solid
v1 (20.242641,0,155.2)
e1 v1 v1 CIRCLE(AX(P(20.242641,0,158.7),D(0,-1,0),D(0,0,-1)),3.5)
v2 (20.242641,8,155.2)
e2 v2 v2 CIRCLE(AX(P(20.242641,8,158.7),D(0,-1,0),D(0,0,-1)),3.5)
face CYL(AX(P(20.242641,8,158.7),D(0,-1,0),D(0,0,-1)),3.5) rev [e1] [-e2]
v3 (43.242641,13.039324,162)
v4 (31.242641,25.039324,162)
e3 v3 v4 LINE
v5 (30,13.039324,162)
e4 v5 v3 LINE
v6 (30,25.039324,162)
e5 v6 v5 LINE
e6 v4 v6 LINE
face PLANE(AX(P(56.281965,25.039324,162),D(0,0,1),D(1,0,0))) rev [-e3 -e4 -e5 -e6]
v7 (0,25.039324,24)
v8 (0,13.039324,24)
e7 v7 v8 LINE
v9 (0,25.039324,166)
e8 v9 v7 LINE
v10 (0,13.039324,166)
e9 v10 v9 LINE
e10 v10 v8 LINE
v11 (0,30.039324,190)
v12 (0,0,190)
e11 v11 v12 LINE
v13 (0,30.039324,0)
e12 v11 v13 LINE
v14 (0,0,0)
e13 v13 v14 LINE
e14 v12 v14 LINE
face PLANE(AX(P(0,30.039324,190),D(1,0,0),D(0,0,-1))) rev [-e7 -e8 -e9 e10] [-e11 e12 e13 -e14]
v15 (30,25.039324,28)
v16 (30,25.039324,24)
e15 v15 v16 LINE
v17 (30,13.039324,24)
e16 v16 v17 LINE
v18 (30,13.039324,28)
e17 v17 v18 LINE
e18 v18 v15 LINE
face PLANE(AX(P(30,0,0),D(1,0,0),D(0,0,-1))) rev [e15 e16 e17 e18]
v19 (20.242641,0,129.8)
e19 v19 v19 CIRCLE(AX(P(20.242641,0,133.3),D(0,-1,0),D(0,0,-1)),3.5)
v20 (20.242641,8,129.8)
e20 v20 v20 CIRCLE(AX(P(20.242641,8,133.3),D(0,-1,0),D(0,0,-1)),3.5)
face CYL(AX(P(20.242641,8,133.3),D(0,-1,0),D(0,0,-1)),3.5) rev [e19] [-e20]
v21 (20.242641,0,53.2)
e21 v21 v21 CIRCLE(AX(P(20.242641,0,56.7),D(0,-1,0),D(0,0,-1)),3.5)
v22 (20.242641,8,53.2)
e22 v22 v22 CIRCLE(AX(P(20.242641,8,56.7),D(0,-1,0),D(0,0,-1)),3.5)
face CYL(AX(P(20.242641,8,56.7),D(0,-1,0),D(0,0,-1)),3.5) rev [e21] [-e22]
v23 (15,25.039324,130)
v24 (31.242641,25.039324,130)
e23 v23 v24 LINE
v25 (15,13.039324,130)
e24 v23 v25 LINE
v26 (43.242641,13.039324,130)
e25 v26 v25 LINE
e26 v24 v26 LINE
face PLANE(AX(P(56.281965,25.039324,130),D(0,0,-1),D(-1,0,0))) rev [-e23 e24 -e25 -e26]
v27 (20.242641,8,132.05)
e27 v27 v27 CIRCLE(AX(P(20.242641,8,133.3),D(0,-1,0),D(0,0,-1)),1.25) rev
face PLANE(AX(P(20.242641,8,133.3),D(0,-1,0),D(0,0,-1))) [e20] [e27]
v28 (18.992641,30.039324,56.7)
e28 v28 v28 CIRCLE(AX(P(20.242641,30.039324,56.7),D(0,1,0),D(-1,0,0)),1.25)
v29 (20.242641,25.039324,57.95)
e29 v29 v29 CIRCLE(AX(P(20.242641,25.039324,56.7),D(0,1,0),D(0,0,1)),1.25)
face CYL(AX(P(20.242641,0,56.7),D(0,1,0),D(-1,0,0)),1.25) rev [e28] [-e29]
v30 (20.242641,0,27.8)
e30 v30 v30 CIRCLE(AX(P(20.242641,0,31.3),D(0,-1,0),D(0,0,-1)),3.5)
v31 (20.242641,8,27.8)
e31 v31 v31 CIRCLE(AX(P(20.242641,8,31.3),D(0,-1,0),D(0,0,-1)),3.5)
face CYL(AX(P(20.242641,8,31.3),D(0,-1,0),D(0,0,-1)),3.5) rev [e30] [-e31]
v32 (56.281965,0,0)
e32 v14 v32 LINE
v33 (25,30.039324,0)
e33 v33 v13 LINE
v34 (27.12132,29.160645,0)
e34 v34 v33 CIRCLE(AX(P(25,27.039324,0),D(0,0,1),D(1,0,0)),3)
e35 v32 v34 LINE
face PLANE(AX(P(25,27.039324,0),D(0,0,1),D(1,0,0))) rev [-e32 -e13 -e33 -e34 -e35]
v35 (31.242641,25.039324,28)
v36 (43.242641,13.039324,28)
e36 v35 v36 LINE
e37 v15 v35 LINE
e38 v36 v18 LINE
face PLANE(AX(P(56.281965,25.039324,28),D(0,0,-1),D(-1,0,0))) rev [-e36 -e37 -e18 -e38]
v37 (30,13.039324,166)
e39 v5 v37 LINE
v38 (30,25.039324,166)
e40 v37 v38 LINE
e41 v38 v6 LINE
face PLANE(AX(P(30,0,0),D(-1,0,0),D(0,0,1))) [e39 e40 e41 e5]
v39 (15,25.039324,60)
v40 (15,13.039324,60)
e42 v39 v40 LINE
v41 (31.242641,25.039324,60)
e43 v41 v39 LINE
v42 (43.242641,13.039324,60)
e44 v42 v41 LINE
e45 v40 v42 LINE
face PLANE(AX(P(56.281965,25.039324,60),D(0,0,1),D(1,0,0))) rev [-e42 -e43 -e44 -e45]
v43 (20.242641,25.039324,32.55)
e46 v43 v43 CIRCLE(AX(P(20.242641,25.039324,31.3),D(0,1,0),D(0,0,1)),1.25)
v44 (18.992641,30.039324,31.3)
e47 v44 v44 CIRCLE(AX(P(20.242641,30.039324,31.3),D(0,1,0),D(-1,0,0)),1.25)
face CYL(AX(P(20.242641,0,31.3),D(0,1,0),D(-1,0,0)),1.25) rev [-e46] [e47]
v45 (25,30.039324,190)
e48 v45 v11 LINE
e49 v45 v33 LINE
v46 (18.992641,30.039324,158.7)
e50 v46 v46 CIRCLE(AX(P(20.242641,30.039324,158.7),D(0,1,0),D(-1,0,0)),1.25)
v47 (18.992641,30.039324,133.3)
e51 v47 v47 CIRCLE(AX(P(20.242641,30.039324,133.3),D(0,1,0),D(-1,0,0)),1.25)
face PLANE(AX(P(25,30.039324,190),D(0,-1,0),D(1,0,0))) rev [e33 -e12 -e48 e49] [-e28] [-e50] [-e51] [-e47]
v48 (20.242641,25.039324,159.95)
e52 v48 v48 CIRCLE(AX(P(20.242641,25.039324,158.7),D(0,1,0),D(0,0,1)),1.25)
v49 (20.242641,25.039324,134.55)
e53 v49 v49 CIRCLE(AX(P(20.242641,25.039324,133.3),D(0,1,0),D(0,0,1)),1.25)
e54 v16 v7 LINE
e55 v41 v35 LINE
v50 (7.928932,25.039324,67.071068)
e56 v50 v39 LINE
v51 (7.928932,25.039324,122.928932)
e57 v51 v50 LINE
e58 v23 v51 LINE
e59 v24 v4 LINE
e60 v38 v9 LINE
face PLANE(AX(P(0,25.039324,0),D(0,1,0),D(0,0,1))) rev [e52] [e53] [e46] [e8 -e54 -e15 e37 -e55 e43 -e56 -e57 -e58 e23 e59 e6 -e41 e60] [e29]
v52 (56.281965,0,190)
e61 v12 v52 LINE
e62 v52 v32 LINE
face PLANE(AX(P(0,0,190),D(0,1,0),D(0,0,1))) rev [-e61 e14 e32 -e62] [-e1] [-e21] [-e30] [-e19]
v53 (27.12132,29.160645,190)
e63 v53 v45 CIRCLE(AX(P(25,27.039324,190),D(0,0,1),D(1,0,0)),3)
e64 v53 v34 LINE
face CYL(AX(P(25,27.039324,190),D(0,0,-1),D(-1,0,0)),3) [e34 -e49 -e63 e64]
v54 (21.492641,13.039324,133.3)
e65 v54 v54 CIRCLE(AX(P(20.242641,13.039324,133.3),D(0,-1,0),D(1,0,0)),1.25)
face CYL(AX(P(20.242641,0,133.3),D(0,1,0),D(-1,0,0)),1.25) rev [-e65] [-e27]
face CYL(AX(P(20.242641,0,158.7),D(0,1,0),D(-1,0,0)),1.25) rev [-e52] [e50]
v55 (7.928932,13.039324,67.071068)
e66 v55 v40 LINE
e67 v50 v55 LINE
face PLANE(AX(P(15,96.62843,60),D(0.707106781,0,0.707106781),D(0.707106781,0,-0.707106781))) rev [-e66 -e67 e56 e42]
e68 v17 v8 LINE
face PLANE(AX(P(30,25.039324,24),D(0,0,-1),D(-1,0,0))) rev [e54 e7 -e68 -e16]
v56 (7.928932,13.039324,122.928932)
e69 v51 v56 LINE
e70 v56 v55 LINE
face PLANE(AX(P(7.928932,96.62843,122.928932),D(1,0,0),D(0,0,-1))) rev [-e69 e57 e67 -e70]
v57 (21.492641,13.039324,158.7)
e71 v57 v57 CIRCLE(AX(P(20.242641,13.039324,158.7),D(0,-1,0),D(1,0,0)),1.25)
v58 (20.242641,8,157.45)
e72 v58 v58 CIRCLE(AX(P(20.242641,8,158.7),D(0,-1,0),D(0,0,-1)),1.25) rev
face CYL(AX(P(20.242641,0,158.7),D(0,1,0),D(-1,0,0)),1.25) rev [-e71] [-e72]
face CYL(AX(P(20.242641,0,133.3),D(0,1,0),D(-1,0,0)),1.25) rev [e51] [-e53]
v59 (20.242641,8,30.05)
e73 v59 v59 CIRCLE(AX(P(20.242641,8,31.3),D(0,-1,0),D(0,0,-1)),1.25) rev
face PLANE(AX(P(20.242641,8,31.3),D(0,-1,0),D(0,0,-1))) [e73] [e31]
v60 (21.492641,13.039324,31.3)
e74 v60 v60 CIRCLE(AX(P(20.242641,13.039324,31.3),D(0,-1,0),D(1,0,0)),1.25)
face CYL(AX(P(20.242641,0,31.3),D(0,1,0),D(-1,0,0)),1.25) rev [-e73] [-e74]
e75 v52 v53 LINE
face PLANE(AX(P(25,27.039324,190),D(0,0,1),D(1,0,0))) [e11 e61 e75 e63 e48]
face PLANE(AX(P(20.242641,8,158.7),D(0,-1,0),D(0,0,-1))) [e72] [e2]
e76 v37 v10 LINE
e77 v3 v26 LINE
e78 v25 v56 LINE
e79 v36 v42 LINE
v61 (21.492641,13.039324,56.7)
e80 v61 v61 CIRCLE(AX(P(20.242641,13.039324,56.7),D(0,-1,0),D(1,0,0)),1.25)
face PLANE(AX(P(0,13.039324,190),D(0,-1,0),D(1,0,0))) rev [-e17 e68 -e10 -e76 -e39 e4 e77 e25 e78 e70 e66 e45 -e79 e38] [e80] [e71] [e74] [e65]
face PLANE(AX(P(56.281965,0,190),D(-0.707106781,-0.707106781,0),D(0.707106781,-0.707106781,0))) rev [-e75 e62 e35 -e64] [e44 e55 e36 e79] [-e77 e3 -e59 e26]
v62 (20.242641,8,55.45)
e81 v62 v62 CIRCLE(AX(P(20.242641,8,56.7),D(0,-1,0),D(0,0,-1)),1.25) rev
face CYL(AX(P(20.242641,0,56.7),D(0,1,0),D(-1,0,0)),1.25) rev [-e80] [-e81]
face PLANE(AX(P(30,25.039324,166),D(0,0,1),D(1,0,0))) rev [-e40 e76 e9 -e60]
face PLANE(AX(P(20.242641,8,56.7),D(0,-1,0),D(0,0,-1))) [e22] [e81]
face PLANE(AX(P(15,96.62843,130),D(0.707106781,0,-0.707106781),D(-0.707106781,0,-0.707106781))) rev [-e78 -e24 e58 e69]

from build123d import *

# Parameters (mm, degrees)
SALIENTE_EXTRUIR1_DEPTH    = 190
CROQUIS3_W                 = 56.281965067
CROQUIS3_H                 = 32
CORTAR_EXTRUIR1_DEPTH      = 25.039324
CORTAR_EXTRUIR3_DEPTH      = 25.039324
SALIENTE_EXTRUIR2_REACH    = 62
SALIENTE_EXTRUIR3_REACH    = 132
CROQUIS7_W                 = 4
CROQUIS7_H                 = 12
CORTAR_EXTRUIR6_DEPTH      = 30
CROQUIS8_R                 = 1.25
CORTAR_EXTRUIR7_DEPTH      = 18
CORTAR_EXTRUIR7_DEPTH_BACK = 14.03932438
CROQUIS9_R                 = 3.5
CORTAR_EXTRUIR8_DEPTH      = 8


with BuildPart() as part:
    # Croquis1 → Saliente-Extruir1 (new body)
    with BuildSketch(Plane.XY):
        with BuildLine():
            Line((56.281965067, 0), (27.121320344, 29.160644724))
            ThreePointArc((27.121320344, 29.160644724), (26.148050297, 29.810962978), (25, 30.03932438))
            Line((25, 30.03932438), (0, 30.03932438))
            Line((0, 30.03932438), (0, 0))
            Line((0, 0), (56.281965067, 0))
        make_face()
    extrude(amount=SALIENTE_EXTRUIR1_DEPTH)

    # Croquis3 → Cortar-Extruir1 (cut)
    with BuildSketch(Plane.XZ):
        with Locations((28.140982534, 146)):
            Rectangle(CROQUIS3_W, CROQUIS3_H)
        with Locations((28.140982534, 44)):
            Rectangle(CROQUIS3_W, CROQUIS3_H)
    extrude(amount=-CORTAR_EXTRUIR1_DEPTH, mode=Mode.SUBTRACT)

    # Croquis4 → Cortar-Extruir3 (cut)
    with BuildSketch(Plane.XZ):
        Polygon((0, 130), (15, 130), (7.928932188, 122.928932188), (7.928932188, 67.071067812), (15, 60), (0, 60), align=None)
    extrude(amount=-CORTAR_EXTRUIR3_DEPTH, mode=Mode.SUBTRACT)

    # Croquis5 → Saliente-Extruir2 (add, up to next)
    with BuildSketch(Plane.XY.offset(130), mode=Mode.PRIVATE) as saliente_extruir2_sk1:
        Polygon((56.281965067, 0), (0, 0), (0, 13.03932438), (43.242640687, 13.03932438), align=None)
    saliente_extruir2_tool1 = extrude(saliente_extruir2_sk1.sketch, amount=SALIENTE_EXTRUIR2_REACH, mode=Mode.PRIVATE) - part.part
    add(saliente_extruir2_tool1.solids().sort_by_distance((25.023515, 6.234935, 130))[0])

    # Croquis6 → Saliente-Extruir3 (add, up to next)
    with BuildSketch(Plane(origin=(0, 0, 130), x_dir=(-1, 0, 0), z_dir=(0, 0, -1)), mode=Mode.PRIVATE) as saliente_extruir3_sk1:
        Polygon((0, 0), (0, 13.03932438), (-43.242640687, 13.03932438), (-56.281965067, 0), align=None)
    saliente_extruir3_tool1 = extrude(saliente_extruir3_sk1.sketch, amount=SALIENTE_EXTRUIR3_REACH, mode=Mode.PRIVATE) - part.part
    add(saliente_extruir3_tool1.solids().sort_by_distance((25.023515, 6.234935, 130))[0])

    # Croquis7 → Cortar-Extruir6 (cut)
    with BuildSketch(Plane.ZY):
        with Locations((26, 19.03932438)):
            Rectangle(CROQUIS7_W, CROQUIS7_H)
        with Locations((164, 19.03932438)):
            Rectangle(CROQUIS7_W, CROQUIS7_H)
    extrude(amount=-CORTAR_EXTRUIR6_DEPTH, mode=Mode.SUBTRACT)

    # Croquis8 → Cortar-Extruir7 (cut, two sides)
    with BuildSketch(Plane(origin=(0, 13.03932438, 0), x_dir=(1, 0, 0), z_dir=(0, 1, 0))) as cortar_extruir7_sk:
        with Locations((20.242640687, -158.7)):
            Circle(CROQUIS8_R)
        with Locations((20.242640687, -133.3)):
            Circle(CROQUIS8_R)
        with Locations((20.242640687, -31.3)):
            Circle(CROQUIS8_R)
        with Locations((20.242640687, -56.7)):
            Circle(CROQUIS8_R)
    extrude(amount=CORTAR_EXTRUIR7_DEPTH, mode=Mode.SUBTRACT)
    extrude(cortar_extruir7_sk.sketch, amount=-CORTAR_EXTRUIR7_DEPTH_BACK, mode=Mode.SUBTRACT)

    # Croquis9 → Cortar-Extruir8 (cut)
    with BuildSketch(Plane.XZ):
        with Locations((20.242640687, 158.7)):
            Circle(CROQUIS9_R)
        with Locations((20.242640687, 133.3)):
            Circle(CROQUIS9_R)
        with Locations((20.242640687, 56.7)):
            Circle(CROQUIS9_R)
        with Locations((20.242640687, 31.3)):
            Circle(CROQUIS9_R)
    extrude(amount=-CORTAR_EXTRUIR8_DEPTH, mode=Mode.SUBTRACT)


solid = part.part
